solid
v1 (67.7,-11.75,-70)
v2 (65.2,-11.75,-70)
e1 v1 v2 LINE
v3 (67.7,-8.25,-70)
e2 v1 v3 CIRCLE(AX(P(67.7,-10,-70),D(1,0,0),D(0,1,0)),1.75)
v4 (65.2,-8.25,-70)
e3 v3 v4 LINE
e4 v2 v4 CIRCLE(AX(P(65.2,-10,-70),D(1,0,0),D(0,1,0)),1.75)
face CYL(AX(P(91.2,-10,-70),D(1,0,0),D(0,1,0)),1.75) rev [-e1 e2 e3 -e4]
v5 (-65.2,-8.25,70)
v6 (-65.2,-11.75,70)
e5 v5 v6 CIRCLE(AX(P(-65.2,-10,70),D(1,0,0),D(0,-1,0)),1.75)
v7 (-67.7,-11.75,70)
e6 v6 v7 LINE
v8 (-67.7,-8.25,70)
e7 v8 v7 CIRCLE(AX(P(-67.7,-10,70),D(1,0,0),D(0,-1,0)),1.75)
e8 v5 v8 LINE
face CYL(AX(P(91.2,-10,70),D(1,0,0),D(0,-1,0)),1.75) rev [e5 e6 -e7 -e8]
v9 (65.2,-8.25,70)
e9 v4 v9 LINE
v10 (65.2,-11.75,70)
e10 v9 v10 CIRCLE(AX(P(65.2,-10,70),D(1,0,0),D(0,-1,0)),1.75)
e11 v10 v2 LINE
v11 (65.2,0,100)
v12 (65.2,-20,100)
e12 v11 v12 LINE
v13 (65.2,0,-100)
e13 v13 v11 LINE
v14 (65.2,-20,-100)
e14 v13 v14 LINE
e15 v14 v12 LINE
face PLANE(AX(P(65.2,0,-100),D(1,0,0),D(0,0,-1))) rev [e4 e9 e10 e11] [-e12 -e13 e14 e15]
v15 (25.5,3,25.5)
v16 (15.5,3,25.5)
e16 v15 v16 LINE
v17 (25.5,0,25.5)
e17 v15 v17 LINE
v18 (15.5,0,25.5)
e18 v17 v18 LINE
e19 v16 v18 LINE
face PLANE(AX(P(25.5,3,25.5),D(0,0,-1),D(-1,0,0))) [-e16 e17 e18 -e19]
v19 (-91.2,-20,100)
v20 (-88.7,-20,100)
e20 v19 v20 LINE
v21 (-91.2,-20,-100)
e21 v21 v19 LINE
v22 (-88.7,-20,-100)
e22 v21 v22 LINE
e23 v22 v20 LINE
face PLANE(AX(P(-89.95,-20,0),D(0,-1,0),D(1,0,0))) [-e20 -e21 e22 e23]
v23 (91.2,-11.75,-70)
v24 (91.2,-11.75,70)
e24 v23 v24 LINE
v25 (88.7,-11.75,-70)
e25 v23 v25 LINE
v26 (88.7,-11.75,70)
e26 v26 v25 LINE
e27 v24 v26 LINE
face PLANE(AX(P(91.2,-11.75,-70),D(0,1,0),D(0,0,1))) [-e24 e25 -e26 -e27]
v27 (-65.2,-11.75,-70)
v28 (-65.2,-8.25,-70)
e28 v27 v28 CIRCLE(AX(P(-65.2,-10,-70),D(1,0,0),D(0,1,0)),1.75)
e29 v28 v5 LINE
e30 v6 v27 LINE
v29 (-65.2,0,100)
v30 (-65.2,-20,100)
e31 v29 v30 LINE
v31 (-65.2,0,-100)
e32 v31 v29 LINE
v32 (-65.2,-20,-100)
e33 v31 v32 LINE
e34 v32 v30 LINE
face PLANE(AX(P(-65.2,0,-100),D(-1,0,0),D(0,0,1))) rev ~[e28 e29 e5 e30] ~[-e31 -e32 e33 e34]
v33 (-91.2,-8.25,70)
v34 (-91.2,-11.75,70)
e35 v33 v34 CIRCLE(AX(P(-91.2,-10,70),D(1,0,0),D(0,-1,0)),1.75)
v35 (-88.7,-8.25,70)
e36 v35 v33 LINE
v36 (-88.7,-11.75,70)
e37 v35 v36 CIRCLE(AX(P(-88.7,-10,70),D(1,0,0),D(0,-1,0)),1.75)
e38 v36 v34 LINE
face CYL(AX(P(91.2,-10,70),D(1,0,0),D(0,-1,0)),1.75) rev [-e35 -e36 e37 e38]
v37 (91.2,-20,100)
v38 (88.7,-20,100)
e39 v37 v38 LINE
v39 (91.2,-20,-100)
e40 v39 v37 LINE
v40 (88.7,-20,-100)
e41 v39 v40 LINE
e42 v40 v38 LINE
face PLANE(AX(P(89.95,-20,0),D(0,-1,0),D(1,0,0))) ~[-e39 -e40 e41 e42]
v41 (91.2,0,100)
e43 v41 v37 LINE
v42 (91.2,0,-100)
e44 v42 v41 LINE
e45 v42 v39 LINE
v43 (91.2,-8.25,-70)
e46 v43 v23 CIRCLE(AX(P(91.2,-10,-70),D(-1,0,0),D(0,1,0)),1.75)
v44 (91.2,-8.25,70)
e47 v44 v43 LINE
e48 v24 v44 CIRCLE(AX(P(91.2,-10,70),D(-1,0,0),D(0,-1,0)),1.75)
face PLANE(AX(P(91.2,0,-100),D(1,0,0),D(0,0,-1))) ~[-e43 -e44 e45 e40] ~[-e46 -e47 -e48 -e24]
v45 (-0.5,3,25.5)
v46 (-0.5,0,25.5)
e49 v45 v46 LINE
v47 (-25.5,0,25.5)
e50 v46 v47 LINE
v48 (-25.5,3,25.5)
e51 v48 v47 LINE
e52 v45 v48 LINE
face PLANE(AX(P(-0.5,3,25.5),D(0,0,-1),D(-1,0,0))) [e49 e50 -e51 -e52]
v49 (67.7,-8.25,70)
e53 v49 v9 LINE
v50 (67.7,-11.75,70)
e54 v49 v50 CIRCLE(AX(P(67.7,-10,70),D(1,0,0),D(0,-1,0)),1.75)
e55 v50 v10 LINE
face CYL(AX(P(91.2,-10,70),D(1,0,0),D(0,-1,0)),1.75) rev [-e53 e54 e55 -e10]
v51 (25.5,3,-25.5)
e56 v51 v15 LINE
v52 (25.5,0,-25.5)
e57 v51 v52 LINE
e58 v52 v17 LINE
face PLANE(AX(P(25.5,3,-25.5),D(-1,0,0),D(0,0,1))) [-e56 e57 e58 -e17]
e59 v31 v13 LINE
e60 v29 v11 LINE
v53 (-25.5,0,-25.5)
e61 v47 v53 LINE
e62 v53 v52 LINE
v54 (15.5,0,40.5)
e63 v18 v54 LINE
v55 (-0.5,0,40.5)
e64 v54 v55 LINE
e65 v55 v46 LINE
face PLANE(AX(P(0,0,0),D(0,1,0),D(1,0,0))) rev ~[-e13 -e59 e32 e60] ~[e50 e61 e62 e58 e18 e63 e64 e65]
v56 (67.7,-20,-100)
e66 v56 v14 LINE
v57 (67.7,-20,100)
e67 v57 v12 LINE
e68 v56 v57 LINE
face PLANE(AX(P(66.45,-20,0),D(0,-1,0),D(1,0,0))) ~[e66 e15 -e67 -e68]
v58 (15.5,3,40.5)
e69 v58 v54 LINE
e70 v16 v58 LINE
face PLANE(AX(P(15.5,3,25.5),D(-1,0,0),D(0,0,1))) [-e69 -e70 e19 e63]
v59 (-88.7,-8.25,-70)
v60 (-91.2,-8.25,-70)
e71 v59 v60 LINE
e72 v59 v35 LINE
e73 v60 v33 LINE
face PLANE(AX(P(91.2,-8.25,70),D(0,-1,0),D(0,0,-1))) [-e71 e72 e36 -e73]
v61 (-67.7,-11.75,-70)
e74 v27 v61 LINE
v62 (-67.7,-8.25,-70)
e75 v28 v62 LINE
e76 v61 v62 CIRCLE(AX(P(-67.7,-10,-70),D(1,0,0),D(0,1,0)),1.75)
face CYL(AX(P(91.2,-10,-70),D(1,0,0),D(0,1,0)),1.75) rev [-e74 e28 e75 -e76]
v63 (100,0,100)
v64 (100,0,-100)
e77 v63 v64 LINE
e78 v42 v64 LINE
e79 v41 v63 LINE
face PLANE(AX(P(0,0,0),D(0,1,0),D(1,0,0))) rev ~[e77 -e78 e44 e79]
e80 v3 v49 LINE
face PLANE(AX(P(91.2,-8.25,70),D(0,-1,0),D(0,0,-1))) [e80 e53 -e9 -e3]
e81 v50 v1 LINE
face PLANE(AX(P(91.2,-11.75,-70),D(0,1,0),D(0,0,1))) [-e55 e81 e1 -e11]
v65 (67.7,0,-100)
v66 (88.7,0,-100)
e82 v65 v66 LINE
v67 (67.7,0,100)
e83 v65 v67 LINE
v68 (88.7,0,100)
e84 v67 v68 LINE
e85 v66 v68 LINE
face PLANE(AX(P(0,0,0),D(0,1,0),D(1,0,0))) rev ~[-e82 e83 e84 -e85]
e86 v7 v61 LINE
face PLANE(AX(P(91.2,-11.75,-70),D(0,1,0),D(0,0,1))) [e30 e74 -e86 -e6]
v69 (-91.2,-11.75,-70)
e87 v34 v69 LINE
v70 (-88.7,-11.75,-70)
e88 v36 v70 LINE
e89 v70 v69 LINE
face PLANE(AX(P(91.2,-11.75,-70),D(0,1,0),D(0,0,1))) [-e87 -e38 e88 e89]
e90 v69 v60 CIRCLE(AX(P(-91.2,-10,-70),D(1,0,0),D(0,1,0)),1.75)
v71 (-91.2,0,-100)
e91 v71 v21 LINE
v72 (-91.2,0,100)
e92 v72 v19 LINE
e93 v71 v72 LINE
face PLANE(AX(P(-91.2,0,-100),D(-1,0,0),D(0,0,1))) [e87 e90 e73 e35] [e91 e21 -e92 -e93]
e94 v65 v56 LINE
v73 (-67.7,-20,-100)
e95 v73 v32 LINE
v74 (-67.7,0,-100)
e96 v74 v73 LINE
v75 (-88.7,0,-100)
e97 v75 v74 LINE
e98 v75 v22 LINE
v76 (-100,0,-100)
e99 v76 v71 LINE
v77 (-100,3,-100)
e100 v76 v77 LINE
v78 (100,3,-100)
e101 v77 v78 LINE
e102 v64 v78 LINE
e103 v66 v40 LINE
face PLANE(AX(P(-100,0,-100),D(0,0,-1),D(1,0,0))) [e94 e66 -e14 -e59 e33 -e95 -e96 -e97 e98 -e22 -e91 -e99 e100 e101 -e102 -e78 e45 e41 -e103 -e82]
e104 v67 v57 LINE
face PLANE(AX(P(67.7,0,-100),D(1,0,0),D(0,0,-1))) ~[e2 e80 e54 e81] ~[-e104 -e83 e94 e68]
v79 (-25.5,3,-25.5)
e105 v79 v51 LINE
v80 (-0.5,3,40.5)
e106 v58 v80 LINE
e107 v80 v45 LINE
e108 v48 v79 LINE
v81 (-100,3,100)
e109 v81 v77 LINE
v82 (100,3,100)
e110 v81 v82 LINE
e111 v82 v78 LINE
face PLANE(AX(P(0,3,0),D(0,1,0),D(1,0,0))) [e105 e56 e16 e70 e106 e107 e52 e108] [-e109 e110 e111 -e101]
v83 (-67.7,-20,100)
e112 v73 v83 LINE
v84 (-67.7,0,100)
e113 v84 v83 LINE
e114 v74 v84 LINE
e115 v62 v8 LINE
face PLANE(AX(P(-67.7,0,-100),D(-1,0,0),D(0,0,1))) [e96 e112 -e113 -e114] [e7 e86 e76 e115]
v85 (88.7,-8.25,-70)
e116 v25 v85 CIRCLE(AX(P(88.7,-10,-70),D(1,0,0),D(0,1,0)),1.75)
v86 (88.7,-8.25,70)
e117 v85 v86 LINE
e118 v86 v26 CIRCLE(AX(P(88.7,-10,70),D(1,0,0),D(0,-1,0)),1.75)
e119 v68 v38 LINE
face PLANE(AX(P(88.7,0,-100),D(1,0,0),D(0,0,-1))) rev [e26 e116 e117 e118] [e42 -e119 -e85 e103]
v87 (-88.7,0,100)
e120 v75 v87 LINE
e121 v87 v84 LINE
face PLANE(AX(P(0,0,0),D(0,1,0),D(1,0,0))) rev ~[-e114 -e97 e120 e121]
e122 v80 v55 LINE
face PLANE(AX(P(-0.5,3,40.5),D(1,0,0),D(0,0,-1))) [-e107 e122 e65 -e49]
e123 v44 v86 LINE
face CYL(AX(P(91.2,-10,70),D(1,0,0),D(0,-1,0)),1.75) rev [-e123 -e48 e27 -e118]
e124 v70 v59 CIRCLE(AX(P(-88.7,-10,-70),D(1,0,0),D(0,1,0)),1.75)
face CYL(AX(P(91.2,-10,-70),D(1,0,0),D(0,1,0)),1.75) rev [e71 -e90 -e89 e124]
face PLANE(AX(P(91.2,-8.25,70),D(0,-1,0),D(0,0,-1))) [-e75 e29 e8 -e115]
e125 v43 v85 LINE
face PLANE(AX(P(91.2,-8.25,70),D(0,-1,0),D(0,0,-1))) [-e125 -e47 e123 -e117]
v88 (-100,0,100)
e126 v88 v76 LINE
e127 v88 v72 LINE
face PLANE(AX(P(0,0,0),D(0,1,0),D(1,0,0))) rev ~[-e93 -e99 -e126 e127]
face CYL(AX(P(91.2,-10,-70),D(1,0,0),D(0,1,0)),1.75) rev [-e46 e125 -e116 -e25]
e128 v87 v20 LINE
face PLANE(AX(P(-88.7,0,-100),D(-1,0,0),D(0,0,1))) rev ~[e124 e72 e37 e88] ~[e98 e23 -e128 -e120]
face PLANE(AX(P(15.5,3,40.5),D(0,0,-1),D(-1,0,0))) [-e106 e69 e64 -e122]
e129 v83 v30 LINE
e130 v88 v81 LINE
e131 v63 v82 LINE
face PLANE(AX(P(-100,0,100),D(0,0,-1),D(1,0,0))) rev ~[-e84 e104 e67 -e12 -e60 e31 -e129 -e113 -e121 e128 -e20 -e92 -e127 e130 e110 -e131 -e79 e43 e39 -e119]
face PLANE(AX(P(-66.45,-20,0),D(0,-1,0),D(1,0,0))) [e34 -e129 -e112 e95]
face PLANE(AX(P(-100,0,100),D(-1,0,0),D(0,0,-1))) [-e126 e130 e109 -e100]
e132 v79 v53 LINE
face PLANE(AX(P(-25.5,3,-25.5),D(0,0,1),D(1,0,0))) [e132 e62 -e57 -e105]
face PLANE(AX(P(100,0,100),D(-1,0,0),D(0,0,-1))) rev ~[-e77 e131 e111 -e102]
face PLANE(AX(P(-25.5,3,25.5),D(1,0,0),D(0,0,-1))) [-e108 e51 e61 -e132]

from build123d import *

# Parameters (mm, degrees)
SKETCH_1_W          = 200
SKETCH_1_H          = 200
EXTRUDE_1_DEPTH     = 3
SKETCH_2_W          = 2.5
SKETCH_2_H          = 200
EXTRUDE_2_DEPTH     = 20
CUT_EXTRUDE_2_DEPTH = 217.696654335
CUT_EXTRUDE_3_DEPTH = 10


with BuildPart() as part:
    # 草图1 → 凸台-拉伸1 (new body)
    with BuildSketch(Plane(origin=(0, 0, 0), x_dir=(1, 0, 0), z_dir=(0, 1, 0))):
        Rectangle(SKETCH_1_W, SKETCH_1_H)
    extrude(amount=EXTRUDE_1_DEPTH)

    # 草图2 → 凸台-拉伸2 (add)
    with BuildSketch(Plane.XZ):
        with Locations((-66.45, 0)):
            Rectangle(SKETCH_2_W, SKETCH_2_H)
        with Locations((-89.95, 0)):
            Rectangle(SKETCH_2_W, SKETCH_2_H)
    extrude_2 = extrude(amount=EXTRUDE_2_DEPTH)

    # 镜向1: 凸台-拉伸2 across plane
    add(extrude_2.mirror(Plane(origin=(0, 0, 0), x_dir=(0, 0, 1), z_dir=(1, 0, 0))))

    # 草图5 → 切除-拉伸2 (cut, through all)
    with BuildSketch(Plane(origin=(91.2, 0, 0), x_dir=(0, 0, -1), z_dir=(1, 0, 0))):
        with BuildLine():
            Line((-70, -8.25), (70, -8.25))
            ThreePointArc((70, -8.25), (71.75, -10), (70, -11.75))
            Line((70, -11.75), (-70, -11.75))
            ThreePointArc((-70, -11.75), (-71.75, -10), (-70, -8.25))
        make_face()
    extrude(amount=-CUT_EXTRUDE_2_DEPTH, mode=Mode.SUBTRACT)

    # 草图4 → 切除-拉伸3 (cut)
    with BuildSketch(Plane(origin=(0, 3, 0), x_dir=(1, 0, 0), z_dir=(0, 1, 0))):
        Polygon((15.5, -25.5), (15.5, -40.5), (-0.5, -40.5), (-0.5, -25.5), (-25.5, -25.5), (-25.5, 25.5), (25.5, 25.5), (25.5, -25.5), align=None)
    extrude(amount=-CUT_EXTRUDE_3_DEPTH, mode=Mode.SUBTRACT)


solid = part.part
